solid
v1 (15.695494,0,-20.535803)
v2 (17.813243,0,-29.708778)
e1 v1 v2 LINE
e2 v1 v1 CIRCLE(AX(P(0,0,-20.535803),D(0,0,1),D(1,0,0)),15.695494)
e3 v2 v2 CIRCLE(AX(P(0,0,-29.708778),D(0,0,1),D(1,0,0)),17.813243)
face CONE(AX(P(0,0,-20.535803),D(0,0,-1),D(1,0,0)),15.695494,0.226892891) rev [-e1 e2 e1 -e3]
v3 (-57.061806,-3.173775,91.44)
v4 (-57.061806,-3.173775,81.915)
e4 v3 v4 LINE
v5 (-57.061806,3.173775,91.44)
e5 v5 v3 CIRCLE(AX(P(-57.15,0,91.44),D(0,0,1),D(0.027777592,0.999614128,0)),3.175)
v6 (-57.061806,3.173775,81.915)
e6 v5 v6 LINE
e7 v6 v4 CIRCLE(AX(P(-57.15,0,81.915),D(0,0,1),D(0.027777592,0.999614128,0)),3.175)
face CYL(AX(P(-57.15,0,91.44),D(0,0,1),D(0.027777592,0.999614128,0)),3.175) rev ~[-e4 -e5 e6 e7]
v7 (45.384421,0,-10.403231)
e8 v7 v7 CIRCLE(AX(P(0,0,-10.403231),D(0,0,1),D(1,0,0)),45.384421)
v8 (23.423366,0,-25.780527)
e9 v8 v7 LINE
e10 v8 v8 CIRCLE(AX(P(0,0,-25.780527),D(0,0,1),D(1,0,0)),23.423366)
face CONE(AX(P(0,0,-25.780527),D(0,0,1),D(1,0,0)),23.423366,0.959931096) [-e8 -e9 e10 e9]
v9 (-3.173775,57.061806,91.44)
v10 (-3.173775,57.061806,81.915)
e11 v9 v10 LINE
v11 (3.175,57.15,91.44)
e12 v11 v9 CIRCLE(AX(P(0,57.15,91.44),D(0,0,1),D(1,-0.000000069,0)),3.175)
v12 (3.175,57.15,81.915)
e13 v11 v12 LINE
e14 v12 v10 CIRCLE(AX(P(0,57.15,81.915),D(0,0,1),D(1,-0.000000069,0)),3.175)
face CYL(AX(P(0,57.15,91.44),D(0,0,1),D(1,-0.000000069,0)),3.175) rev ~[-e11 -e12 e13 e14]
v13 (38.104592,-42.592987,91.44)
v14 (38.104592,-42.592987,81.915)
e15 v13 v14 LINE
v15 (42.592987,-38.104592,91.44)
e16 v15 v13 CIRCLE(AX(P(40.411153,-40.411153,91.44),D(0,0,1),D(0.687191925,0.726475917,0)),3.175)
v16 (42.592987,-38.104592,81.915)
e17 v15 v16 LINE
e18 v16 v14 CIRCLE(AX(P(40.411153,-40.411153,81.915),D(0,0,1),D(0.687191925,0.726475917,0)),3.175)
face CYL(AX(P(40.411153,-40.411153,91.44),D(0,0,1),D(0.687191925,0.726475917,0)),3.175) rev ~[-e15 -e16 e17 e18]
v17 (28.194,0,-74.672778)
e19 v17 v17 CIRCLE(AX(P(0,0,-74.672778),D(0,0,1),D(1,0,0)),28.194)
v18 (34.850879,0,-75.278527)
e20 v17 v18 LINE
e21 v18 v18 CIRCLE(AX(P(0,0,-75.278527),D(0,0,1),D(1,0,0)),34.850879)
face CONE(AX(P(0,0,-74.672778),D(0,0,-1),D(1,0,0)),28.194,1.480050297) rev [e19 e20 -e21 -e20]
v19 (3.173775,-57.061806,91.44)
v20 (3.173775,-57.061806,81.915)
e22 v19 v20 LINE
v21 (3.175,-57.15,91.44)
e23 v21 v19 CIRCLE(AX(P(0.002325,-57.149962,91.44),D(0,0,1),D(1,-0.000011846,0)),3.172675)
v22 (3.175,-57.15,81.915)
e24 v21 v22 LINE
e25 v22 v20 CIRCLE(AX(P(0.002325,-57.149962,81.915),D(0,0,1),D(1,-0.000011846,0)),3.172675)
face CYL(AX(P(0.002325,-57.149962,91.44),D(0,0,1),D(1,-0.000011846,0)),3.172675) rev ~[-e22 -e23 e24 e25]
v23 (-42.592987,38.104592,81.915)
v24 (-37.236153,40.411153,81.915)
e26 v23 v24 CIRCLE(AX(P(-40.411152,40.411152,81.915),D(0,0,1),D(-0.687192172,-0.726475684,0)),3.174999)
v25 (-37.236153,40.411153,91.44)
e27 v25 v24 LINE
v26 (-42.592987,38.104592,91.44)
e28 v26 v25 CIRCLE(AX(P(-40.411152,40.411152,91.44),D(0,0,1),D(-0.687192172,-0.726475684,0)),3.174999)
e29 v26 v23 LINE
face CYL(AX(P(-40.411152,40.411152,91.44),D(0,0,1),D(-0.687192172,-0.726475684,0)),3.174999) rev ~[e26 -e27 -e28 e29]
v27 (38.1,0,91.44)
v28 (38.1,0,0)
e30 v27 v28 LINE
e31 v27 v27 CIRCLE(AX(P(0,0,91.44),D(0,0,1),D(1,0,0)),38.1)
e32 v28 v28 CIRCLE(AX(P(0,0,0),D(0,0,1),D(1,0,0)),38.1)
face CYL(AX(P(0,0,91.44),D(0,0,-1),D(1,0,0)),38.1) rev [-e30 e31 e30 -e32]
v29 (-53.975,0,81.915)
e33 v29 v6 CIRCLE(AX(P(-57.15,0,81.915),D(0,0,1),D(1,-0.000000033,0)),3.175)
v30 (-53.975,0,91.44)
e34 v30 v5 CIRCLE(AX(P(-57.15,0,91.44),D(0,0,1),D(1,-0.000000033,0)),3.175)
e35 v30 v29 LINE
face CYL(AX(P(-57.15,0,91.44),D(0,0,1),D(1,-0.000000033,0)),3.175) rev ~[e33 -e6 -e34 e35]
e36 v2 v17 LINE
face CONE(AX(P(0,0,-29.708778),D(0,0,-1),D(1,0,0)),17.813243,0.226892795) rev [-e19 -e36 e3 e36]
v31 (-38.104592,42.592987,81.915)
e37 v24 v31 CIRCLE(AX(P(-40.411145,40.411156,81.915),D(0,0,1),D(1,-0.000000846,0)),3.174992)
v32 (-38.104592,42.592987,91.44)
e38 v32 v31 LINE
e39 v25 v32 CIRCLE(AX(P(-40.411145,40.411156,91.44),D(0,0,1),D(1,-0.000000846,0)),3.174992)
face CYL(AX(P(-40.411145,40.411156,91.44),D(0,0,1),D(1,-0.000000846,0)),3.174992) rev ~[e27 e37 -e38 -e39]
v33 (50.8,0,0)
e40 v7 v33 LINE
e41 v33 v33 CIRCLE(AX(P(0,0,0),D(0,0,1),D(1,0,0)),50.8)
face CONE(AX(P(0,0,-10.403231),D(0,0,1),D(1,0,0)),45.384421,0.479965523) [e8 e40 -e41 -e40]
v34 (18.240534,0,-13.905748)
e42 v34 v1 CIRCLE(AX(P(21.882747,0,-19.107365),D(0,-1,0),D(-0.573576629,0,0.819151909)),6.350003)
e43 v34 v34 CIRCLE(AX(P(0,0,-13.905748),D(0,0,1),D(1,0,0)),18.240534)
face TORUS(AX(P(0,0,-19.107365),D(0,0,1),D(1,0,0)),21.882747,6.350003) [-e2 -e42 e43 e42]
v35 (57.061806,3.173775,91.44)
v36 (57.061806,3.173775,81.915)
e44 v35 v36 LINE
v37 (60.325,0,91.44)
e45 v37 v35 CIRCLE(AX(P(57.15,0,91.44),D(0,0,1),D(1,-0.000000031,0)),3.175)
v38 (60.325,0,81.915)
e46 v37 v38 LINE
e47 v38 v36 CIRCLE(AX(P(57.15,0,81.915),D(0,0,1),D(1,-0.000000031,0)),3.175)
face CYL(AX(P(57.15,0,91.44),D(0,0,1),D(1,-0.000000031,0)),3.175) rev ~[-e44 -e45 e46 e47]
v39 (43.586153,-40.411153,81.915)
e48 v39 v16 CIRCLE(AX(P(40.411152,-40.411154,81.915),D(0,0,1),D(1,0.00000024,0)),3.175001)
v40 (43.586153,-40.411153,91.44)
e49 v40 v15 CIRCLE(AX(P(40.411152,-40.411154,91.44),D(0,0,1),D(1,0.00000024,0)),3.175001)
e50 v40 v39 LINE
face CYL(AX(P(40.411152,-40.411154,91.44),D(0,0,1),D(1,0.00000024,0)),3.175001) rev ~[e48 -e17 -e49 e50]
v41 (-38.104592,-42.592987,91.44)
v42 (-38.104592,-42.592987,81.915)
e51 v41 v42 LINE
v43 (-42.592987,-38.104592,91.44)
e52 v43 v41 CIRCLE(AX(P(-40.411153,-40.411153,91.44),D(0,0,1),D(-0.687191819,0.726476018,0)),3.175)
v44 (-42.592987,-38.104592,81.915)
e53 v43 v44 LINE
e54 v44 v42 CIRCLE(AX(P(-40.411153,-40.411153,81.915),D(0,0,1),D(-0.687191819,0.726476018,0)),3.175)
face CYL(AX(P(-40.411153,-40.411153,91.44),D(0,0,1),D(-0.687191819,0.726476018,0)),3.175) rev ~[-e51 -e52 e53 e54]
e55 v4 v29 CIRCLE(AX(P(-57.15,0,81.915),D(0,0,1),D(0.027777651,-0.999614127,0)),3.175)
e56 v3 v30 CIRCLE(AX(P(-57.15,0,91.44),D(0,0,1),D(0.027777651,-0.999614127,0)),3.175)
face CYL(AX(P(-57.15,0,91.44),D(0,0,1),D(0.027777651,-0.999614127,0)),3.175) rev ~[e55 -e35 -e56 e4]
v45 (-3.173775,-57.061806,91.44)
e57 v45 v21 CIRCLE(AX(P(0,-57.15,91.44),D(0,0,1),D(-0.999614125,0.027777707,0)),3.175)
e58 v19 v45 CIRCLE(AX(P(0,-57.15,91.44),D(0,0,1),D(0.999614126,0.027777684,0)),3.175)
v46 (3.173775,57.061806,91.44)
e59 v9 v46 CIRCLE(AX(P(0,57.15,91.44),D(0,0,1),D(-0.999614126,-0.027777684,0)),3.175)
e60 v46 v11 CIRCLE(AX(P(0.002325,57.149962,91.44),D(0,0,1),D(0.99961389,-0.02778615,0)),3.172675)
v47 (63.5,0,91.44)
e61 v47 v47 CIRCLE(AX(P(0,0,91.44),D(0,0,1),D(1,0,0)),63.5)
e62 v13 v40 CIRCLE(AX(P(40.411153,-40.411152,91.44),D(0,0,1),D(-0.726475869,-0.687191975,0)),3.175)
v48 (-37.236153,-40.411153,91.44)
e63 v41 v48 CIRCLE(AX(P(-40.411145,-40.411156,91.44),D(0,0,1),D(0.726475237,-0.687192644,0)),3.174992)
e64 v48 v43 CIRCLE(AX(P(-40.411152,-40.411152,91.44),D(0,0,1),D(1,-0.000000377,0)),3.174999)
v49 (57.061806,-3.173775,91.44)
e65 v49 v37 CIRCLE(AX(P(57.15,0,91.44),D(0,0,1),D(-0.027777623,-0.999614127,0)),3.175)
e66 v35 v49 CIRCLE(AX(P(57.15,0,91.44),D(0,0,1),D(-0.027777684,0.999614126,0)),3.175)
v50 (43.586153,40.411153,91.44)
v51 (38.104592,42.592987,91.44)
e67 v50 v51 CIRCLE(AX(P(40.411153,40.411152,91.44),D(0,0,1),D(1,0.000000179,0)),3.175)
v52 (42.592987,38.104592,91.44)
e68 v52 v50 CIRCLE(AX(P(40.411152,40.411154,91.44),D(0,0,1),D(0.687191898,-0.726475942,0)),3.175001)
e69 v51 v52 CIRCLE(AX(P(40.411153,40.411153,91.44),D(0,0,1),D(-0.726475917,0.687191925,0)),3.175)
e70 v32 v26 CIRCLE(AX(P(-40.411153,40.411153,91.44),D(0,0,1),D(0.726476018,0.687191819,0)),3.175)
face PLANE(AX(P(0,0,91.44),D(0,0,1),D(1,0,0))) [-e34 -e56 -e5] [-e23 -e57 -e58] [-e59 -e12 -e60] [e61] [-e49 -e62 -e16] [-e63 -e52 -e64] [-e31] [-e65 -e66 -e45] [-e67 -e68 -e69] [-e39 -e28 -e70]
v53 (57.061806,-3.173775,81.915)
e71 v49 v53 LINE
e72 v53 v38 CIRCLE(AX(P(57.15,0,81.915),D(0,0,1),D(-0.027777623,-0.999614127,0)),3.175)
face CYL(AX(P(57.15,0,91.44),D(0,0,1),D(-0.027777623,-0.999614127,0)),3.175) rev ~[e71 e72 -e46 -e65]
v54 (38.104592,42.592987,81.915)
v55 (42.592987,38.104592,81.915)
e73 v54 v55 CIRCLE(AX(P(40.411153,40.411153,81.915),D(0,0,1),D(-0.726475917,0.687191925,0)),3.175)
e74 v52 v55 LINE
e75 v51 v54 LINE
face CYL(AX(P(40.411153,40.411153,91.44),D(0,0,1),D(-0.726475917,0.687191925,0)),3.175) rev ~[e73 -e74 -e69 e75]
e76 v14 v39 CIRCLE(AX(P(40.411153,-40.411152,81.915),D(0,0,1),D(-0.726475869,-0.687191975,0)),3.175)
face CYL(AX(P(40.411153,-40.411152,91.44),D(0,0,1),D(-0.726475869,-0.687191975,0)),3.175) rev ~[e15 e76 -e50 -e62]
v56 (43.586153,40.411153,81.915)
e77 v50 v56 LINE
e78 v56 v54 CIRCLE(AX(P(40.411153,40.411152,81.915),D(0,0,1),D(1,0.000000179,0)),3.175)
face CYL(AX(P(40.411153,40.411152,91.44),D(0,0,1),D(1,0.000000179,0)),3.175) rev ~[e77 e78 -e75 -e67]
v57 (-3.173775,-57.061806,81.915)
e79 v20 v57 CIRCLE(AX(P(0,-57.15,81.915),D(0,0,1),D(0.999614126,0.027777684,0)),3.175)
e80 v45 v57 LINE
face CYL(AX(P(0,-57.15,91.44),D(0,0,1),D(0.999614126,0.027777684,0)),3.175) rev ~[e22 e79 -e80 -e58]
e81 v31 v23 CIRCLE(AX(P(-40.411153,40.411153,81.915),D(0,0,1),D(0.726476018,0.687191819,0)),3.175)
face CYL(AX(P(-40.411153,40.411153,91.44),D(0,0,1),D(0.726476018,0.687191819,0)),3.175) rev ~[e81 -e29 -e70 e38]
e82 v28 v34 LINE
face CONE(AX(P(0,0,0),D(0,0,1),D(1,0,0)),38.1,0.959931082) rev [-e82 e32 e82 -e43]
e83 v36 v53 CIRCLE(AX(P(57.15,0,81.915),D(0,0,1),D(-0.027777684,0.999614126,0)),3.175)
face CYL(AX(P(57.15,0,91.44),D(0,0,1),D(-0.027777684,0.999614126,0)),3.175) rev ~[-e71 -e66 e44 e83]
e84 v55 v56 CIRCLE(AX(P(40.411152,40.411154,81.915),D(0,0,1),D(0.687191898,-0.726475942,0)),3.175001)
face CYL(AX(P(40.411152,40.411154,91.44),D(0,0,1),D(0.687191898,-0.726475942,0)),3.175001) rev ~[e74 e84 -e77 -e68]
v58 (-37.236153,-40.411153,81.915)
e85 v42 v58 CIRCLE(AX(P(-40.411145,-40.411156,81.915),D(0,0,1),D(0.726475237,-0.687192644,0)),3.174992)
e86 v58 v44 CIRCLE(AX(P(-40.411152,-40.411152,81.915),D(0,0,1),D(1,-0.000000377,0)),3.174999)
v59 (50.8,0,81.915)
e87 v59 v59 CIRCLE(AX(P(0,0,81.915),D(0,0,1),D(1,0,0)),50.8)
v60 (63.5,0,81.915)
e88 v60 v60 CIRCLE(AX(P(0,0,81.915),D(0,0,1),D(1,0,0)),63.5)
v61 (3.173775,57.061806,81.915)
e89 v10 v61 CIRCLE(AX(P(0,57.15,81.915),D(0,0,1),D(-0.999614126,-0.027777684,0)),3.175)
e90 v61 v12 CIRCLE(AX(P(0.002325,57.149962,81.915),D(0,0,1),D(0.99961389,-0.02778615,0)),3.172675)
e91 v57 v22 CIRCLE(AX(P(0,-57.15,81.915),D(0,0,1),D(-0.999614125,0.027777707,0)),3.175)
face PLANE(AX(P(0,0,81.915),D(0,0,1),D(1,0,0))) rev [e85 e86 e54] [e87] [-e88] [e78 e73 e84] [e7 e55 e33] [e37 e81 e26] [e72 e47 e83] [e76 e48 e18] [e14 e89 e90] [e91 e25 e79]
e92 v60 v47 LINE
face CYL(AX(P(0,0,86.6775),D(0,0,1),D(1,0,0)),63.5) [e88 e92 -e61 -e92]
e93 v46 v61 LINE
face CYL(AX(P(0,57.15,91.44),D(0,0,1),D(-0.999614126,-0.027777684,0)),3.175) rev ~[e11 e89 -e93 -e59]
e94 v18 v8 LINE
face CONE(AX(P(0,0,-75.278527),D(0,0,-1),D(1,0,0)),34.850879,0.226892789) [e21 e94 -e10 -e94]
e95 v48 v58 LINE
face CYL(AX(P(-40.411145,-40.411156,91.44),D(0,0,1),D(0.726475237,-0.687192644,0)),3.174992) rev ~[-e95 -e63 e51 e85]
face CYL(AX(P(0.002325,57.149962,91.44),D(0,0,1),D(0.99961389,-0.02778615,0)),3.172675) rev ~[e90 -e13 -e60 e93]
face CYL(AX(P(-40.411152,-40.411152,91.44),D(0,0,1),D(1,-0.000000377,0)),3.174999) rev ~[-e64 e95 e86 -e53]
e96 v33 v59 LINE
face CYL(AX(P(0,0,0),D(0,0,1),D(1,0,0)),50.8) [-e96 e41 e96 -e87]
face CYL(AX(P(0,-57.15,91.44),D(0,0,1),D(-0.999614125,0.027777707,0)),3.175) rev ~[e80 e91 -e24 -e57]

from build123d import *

# Parameters (mm, degrees)
F0_W     = 12.7
F0_H     = 81.915
F0_H_2   = 9.525
F3_DEPTH = 25.4


with BuildPart() as f1:
    # F0 (on Front) → F1 (revolve)
    with BuildSketch(Plane.XZ):
        with Locations((44.45, 40.9575)):
            Rectangle(F0_W, F0_H)
        with BuildLine():
            Line((45.384421, -10.403231), (38.1, 0))
            Line((38.1, 0), (18.240534, -13.905748))
            ThreePointArc((18.240534, -13.905748), (15.954509, -16.831727), (15.695494, -20.535803))
            Line((15.695494, -20.535803), (17.813243, -29.708778))
            Line((17.813243, -29.708778), (23.423366, -25.780527))
            Line((23.423366, -25.780527), (45.384421, -10.403231))
        make_face()
        Polygon((50.8, 0), (38.1, 0), (45.384421, -10.403231), align=None)
        with Locations((44.45, 86.6775)):
            Rectangle(F0_W, F0_H_2)
        with Locations((57.15, 86.6775)):
            Rectangle(F0_W, F0_H_2)
        Polygon((34.850879, -75.278527), (23.423366, -25.780527), (17.813243, -29.708778), (28.194, -74.672778), align=None)
    revolve(axis=Axis((0, 0, 40.38142), (0, 0, 1)))

    # F2 (on face) → F3 (cut)
    with BuildSketch(Plane.XY.offset(91.44)):
        with BuildLine():
            ThreePointArc((-3.173775, 57.061806), (0, 53.975), (3.173775, 57.061806))
            ThreePointArc((3.173775, 57.061806), (3.174694, 57.105899), (3.175, 57.15))
            ThreePointArc((3.175, 57.15), (-0.044101, 60.324694), (-3.173775, 57.061806))
        make_face()
        with BuildLine():
            ThreePointArc((43.586153, 40.411153), (41.585311, 43.361064), (38.104592, 42.592987))
            ThreePointArc((38.104592, 42.592987), (38.166089, 38.166089), (42.592987, 38.104592))
            ThreePointArc((42.592987, 38.104592), (43.32731, 39.155505), (43.586153, 40.411153))
        make_face()
        with BuildLine():
            ThreePointArc((60.325, 0), (59.363663, 2.276032), (57.061806, 3.173775))
            ThreePointArc((57.061806, 3.173775), (53.975, 0), (57.061806, -3.173775))
            ThreePointArc((57.061806, -3.173775), (59.363663, -2.276032), (60.325, 0))
        make_face()
        with BuildLine():
            ThreePointArc((43.586153, -40.411153), (43.32731, -39.155505), (42.592987, -38.104592))
            ThreePointArc((42.592987, -38.104592), (38.166089, -38.166089), (38.104592, -42.592987))
            ThreePointArc((38.104592, -42.592987), (41.585311, -43.361064), (43.586153, -40.411153))
        make_face()
        with BuildLine():
            ThreePointArc((3.175, -57.15), (3.174694, -57.105899), (3.173775, -57.061806))
            ThreePointArc((3.173775, -57.061806), (0, -53.975), (-3.173775, -57.061806))
            ThreePointArc((-3.173775, -57.061806), (-0.044101, -60.324694), (3.175, -57.15))
        make_face()
        with BuildLine():
            ThreePointArc((-37.236153, -40.411153), (-39.155505, -37.494995), (-42.592987, -38.104592))
            ThreePointArc((-42.592987, -38.104592), (-42.656217, -42.656217), (-38.104592, -42.592987))
            ThreePointArc((-38.104592, -42.592987), (-37.461241, -41.585311), (-37.236153, -40.411153))
        make_face()
        with BuildLine():
            ThreePointArc((-53.975, 0), (-54.873968, 2.213663), (-57.061806, 3.173775))
            ThreePointArc((-57.061806, 3.173775), (-60.325, 0), (-57.061806, -3.173775))
            ThreePointArc((-57.061806, -3.173775), (-54.873968, -2.213663), (-53.975, 0))
        make_face()
        with BuildLine():
            ThreePointArc((-37.236153, 40.411153), (-37.461241, 41.585311), (-38.104592, 42.592987))
            ThreePointArc((-38.104592, 42.592987), (-42.656217, 42.656217), (-42.592987, 38.104592))
            ThreePointArc((-42.592987, 38.104592), (-39.155505, 37.494995), (-37.236153, 40.411153))
        make_face()
    extrude(amount=-F3_DEPTH, mode=Mode.SUBTRACT)


solid = f1.part
